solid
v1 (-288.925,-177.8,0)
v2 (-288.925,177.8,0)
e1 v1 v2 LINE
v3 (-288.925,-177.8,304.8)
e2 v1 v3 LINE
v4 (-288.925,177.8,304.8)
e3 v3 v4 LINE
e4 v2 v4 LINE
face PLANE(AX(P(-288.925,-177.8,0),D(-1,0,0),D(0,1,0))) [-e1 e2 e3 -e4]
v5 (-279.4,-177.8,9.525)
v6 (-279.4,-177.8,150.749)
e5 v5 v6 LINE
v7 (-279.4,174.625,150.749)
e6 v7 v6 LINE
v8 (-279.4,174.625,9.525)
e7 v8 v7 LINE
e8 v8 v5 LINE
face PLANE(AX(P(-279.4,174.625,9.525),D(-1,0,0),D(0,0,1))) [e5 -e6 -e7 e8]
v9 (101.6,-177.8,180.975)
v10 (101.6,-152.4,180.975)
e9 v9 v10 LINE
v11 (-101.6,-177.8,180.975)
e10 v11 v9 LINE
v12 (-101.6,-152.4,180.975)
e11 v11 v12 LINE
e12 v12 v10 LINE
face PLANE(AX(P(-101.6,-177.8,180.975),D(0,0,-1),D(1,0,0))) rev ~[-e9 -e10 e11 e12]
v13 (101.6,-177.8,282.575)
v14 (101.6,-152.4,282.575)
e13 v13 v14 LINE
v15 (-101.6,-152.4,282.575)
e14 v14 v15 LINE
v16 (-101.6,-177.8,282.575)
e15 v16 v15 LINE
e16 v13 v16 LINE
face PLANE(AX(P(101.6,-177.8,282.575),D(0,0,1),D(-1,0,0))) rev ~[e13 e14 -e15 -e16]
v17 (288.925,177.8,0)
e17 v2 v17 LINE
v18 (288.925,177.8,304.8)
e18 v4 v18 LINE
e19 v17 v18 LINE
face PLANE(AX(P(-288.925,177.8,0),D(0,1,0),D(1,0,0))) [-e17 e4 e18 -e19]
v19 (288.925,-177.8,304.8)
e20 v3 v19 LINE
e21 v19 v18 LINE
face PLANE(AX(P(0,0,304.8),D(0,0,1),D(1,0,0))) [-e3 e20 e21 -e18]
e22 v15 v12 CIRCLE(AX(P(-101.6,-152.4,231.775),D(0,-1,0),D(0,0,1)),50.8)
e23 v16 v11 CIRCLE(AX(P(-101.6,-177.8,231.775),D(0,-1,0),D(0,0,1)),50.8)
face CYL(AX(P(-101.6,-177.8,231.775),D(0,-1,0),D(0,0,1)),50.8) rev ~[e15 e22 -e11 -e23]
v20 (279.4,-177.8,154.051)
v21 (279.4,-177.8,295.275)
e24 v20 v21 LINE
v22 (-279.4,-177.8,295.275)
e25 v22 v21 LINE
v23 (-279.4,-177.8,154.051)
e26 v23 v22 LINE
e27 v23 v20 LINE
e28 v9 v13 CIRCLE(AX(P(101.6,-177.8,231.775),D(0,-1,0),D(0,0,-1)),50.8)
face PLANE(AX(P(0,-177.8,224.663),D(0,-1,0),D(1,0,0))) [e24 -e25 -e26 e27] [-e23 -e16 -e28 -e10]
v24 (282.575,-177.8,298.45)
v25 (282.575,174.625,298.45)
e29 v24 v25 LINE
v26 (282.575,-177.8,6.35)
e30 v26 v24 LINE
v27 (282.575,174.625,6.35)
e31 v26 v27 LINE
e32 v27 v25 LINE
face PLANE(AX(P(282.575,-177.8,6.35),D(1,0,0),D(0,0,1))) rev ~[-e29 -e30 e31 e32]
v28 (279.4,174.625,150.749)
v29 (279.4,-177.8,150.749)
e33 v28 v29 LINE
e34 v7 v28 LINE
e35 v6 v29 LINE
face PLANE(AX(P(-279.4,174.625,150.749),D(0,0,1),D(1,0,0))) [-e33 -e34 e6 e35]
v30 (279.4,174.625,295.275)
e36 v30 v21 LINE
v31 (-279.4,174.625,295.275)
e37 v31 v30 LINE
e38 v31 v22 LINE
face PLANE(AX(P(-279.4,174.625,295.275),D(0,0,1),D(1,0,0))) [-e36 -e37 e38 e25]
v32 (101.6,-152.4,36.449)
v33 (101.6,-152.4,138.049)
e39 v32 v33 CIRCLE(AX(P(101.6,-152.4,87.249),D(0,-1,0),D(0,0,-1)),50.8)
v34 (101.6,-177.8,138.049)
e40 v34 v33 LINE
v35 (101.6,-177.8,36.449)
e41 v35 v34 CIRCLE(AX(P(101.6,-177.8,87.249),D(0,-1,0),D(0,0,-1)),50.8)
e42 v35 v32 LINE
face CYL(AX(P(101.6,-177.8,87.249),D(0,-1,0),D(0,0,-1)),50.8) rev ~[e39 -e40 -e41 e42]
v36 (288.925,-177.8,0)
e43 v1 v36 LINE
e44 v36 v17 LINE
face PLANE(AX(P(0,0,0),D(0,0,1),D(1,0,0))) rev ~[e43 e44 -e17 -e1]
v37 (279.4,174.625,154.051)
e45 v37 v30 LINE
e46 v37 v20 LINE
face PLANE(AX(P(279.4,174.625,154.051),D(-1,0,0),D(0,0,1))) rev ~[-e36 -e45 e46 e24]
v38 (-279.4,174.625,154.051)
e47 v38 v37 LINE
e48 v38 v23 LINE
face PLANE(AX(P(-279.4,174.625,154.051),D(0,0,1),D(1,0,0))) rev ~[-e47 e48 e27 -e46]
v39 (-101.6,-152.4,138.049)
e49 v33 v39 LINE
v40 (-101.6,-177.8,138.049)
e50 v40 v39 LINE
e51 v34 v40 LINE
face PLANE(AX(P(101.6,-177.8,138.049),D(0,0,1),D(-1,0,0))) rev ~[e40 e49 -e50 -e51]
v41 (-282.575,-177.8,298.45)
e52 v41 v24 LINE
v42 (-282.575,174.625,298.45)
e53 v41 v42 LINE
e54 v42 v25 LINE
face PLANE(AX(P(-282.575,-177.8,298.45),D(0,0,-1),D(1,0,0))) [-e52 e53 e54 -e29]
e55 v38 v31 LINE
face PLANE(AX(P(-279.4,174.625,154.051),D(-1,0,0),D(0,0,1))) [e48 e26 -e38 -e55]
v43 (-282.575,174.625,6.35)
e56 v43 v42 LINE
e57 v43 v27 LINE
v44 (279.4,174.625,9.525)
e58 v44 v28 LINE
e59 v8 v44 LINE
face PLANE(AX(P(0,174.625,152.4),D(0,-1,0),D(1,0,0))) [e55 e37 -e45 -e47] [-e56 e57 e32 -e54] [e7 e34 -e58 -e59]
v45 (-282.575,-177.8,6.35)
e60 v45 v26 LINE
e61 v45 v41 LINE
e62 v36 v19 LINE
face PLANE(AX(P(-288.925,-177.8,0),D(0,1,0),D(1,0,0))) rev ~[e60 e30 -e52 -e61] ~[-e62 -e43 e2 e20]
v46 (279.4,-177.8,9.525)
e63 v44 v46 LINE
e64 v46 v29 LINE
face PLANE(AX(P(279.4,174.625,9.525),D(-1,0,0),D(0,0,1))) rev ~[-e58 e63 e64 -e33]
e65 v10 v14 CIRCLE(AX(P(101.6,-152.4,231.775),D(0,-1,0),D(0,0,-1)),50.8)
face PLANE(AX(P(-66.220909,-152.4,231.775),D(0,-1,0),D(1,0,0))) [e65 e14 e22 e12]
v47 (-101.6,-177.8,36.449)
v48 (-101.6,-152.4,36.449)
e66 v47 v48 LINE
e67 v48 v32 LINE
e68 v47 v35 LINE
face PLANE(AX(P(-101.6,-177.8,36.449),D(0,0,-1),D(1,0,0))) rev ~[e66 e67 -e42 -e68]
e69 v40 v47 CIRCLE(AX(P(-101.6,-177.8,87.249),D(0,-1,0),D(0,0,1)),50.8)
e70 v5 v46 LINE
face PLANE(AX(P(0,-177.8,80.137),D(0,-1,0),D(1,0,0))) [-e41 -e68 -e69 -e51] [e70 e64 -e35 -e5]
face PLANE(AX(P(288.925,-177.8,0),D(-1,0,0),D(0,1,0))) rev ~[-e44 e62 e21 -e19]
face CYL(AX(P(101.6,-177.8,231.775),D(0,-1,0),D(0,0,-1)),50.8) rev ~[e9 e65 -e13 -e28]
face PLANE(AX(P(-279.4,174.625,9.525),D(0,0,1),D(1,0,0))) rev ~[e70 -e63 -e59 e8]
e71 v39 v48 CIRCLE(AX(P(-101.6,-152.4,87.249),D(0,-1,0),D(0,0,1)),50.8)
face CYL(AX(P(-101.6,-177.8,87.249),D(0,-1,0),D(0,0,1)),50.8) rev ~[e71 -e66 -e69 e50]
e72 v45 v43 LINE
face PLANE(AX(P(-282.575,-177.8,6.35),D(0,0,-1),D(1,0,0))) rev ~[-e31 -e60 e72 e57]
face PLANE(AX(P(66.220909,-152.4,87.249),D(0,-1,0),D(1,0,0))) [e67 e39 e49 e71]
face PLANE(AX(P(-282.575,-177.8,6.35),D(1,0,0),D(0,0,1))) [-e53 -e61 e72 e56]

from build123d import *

# Parameters (mm, degrees)
F0_W     = 577.85
F0_H     = 355.6
F1_DEPTH = 304.8
F2_W     = 565.15
F2_H     = 292.1
F3_DEPTH = 352.425
F4_W     = 558.8
F4_H     = 141.224
F5_DEPTH = 352.425
F7_DEPTH = 25.4


with BuildPart() as f1:
    # F0 (on Top) → F1 (new body)
    with BuildSketch(Plane.XY):
        Rectangle(F0_W, F0_H)
    extrude(amount=F1_DEPTH)

    # F2 (on face) → F3 (cut)
    with BuildSketch(Plane.XZ.offset(177.8)):
        with Locations((0, 152.4)):
            Rectangle(F2_W, F2_H)
    extrude(amount=-F3_DEPTH, mode=Mode.SUBTRACT)

    # F4 (on face) → F5 (join)
    with BuildSketch(Plane.XZ.offset(-174.625)):
        with Locations((0, 224.663)):
            Rectangle(F4_W, F4_H)
        with Locations((0, 80.137)):
            Rectangle(F4_W, F4_H)
    extrude(amount=F5_DEPTH)

    # F6 (on face) → F7 (cut)
    with BuildSketch(Plane.XZ.offset(177.8)):
        with BuildLine():
            Line((101.6, 138.049), (0, 138.049))
            Line((0, 138.049), (0, 36.449))
            Line((0, 36.449), (101.6, 36.449))
            ThreePointArc((101.6, 36.449), (152.4, 87.249), (101.6, 138.049))
        make_face()
        with BuildLine():
            Line((0, 36.449), (0, 138.049))
            Line((0, 138.049), (-101.6, 138.049))
            ThreePointArc((-101.6, 138.049), (-152.4, 87.249), (-101.6, 36.449))
            Line((-101.6, 36.449), (0, 36.449))
        make_face()
        with BuildLine():
            Line((0, 282.575), (-101.6, 282.575))
            ThreePointArc((-101.6, 282.575), (-152.4, 231.775), (-101.6, 180.975))
            Line((-101.6, 180.975), (0, 180.975))
            Line((0, 180.975), (0, 282.575))
        make_face()
        with BuildLine():
            Line((101.6, 282.575), (0, 282.575))
            Line((0, 282.575), (0, 180.975))
            Line((0, 180.975), (101.6, 180.975))
            ThreePointArc((101.6, 180.975), (152.4, 231.775), (101.6, 282.575))
        make_face()
    extrude(amount=-F7_DEPTH, mode=Mode.SUBTRACT)


solid = f1.part
